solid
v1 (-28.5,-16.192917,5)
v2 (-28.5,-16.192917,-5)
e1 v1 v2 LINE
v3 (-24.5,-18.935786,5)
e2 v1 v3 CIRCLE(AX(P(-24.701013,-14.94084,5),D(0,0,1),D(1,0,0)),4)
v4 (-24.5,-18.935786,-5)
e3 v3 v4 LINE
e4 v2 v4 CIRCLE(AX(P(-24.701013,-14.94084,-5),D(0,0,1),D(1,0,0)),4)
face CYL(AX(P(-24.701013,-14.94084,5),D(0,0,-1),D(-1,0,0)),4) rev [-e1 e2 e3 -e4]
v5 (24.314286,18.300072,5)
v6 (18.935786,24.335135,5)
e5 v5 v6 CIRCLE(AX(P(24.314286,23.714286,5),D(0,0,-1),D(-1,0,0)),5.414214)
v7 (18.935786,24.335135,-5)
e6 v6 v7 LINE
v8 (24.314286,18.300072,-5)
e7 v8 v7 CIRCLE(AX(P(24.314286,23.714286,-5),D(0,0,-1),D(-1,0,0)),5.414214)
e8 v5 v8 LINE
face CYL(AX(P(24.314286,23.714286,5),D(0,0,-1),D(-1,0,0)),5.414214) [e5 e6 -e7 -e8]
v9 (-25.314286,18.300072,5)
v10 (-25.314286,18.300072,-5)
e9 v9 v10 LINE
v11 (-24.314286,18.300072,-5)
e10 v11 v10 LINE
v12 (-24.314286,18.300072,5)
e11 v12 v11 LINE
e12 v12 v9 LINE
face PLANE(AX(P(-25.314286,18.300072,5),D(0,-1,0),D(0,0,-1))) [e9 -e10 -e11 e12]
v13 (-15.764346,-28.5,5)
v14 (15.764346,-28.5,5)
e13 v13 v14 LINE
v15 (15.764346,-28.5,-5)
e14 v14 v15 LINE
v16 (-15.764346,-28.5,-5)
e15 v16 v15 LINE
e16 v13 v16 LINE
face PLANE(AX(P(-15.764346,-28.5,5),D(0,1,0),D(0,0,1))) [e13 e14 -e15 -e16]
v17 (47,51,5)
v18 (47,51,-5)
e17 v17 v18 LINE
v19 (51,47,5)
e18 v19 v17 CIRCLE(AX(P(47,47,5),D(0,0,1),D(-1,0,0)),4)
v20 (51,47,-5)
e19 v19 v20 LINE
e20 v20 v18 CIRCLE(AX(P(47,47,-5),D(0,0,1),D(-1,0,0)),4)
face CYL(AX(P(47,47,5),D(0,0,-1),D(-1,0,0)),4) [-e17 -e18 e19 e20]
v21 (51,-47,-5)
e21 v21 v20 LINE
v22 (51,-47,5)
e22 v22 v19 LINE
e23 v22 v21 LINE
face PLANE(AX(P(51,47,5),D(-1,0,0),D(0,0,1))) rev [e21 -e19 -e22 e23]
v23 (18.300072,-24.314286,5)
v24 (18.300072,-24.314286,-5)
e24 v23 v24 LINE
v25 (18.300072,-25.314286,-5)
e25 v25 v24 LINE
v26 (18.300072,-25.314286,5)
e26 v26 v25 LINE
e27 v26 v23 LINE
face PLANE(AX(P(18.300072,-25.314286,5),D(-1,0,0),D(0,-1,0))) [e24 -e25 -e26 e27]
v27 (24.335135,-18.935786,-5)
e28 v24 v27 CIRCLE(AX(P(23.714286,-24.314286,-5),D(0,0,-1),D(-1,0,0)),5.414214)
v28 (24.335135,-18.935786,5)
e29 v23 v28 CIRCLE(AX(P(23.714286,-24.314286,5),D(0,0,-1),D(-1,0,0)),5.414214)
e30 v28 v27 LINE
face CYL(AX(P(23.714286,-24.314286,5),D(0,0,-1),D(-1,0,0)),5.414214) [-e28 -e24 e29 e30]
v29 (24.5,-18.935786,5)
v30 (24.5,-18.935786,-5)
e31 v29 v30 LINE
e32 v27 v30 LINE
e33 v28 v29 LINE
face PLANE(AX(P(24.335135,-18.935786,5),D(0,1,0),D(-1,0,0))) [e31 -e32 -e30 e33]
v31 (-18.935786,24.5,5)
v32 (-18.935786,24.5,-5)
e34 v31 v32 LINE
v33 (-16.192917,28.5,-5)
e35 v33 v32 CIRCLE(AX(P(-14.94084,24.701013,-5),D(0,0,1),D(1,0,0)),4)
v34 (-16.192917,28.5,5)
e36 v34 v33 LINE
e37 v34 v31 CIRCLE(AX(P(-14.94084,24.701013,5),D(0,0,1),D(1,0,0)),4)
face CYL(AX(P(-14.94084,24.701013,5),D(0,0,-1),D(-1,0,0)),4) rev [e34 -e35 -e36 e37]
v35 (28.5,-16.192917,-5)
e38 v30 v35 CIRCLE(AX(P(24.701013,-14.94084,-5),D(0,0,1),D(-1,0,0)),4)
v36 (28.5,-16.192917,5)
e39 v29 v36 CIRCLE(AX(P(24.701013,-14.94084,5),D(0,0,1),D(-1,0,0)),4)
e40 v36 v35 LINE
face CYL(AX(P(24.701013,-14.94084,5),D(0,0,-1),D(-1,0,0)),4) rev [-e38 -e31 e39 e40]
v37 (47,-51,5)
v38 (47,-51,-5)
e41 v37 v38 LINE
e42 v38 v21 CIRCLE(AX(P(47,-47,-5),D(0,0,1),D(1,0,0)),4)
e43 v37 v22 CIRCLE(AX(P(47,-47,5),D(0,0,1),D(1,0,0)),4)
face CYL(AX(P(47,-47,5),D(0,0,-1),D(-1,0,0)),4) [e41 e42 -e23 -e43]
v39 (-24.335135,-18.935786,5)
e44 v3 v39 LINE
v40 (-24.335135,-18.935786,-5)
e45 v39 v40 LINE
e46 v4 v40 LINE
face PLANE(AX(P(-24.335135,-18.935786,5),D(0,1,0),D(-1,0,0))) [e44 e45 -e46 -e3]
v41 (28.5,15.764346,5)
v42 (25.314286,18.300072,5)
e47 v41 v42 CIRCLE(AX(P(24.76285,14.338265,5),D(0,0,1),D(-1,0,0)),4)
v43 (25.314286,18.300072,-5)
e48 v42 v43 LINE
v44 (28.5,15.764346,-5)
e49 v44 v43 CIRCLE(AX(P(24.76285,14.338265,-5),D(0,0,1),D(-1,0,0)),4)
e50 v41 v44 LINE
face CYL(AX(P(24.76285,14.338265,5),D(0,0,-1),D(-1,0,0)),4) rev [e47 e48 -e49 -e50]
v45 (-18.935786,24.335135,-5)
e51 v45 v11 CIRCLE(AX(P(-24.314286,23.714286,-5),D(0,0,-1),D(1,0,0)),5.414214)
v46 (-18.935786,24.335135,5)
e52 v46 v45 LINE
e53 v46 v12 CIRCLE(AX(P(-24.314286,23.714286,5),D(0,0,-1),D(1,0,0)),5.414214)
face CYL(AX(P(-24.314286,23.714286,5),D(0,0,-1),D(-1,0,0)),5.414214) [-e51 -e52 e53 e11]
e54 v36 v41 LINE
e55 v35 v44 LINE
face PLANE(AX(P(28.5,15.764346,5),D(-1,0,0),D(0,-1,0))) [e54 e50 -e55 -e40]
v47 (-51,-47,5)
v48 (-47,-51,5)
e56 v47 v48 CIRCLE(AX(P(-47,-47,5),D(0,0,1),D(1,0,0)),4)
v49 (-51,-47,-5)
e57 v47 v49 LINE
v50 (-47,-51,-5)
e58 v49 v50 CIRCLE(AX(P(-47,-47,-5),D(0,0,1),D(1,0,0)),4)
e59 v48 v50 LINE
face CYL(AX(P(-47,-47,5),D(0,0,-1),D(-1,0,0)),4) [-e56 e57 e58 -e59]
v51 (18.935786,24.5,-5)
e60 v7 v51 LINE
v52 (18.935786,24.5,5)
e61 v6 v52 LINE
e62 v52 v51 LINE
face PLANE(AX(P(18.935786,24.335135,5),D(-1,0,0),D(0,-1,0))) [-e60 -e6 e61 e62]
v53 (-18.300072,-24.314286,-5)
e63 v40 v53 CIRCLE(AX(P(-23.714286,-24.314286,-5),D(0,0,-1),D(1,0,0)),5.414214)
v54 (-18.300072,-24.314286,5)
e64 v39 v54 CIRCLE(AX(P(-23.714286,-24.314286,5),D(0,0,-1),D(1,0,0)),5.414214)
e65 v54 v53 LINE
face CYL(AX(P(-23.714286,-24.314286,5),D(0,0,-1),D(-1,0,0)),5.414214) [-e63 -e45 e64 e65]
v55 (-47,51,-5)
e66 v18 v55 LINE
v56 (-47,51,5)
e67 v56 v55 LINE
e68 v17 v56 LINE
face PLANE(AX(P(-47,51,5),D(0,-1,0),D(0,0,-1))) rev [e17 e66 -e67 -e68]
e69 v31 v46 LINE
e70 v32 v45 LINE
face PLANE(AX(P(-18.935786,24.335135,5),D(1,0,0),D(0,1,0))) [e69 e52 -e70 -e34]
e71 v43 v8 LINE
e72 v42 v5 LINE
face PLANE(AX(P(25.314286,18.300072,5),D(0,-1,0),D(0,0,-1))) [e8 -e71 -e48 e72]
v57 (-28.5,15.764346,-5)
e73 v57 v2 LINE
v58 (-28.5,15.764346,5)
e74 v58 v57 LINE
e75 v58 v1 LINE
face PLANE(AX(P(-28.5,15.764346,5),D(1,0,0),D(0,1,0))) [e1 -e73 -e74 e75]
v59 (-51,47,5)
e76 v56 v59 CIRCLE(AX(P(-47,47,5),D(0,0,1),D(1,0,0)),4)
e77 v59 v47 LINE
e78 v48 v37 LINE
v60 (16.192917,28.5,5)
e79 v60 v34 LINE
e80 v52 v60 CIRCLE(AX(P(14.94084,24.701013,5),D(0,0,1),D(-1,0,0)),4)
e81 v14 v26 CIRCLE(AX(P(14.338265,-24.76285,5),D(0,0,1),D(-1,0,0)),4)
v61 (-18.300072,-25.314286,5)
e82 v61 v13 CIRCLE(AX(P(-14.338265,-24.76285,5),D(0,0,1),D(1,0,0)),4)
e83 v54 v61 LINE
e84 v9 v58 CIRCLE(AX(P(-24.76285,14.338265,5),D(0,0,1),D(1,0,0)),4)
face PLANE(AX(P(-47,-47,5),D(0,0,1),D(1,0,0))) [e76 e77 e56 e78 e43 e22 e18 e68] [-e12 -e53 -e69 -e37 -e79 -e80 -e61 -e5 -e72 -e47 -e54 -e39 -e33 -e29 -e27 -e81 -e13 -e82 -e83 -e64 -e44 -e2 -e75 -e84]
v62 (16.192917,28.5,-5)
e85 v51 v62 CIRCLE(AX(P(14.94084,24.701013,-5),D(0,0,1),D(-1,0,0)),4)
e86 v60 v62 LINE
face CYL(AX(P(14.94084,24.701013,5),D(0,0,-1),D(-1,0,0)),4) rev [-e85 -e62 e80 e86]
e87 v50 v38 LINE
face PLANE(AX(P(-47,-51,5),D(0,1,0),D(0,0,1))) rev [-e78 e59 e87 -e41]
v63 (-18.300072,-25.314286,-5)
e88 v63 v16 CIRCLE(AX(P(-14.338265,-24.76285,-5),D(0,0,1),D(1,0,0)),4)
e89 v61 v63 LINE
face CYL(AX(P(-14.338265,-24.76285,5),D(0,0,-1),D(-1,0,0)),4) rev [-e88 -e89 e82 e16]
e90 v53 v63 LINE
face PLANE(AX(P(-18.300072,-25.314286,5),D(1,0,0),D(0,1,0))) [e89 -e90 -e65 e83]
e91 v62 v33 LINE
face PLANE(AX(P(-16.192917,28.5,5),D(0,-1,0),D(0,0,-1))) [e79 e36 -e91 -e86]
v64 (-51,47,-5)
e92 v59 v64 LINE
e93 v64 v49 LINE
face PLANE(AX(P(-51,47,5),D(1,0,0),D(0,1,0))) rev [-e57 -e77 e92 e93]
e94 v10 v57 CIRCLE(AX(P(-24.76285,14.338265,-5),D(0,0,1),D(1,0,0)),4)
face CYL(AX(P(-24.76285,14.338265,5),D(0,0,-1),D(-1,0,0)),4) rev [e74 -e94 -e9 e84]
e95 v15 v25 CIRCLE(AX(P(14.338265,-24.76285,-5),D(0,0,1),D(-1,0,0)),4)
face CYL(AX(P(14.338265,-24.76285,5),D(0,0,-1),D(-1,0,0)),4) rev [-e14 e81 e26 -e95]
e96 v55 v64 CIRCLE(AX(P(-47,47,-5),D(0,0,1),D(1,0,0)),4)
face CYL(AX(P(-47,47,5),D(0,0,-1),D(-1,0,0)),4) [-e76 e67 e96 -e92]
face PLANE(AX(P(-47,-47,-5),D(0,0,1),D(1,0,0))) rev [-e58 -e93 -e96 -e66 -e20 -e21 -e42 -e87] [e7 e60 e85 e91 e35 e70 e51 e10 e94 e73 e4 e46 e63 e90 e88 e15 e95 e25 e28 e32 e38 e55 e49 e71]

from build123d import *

# Parameters (mm, degrees)
BOSS_EXTRUDE1_DEPTH = 5


with BuildPart() as part:
    # Sketch1 → Boss-Extrude1 (new, symmetric)
    with BuildSketch(Plane.XY):
        with BuildLine():
            Line((-47, 51), (47, 51))
            ThreePointArc((47, 51), (49.828427125, 49.828427125), (51, 47))
            Line((51, 47), (51, -47))
            ThreePointArc((51, -47), (49.828427125, -49.828427125), (47, -51))
            Line((47, -51), (-47, -51))
            ThreePointArc((-47, -51), (-49.828427125, -49.828427125), (-51, -47))
            Line((-51, -47), (-51, 47))
            ThreePointArc((-51, 47), (-49.828427125, 49.828427125), (-47, 51))
        make_face()
        with BuildLine():
            Line((-18.935786438, 24.335135157), (-18.935786438, 24.5))
            ThreePointArc((-18.935786438, 24.5), (-18.239751149, 26.963133018), (-16.192917188, 28.5))
            Line((-16.192917188, 28.5), (16.192917188, 28.5))
            ThreePointArc((16.192917188, 28.5), (18.239751149, 26.963133018), (18.935786438, 24.5))
            Line((18.935786438, 24.5), (18.935786438, 24.335135157))
            ThreePointArc((18.935786438, 24.335135157), (20.272310951, 20.112043563), (24.314285714, 18.300072152))
            Line((24.314285714, 18.300072152), (25.314285714, 18.300072152))
            ThreePointArc((25.314285714, 18.300072152), (27.253927817, 17.467886008), (28.5, 15.76434576))
            Line((28.5, 15.76434576), (28.5, -16.192917188))
            ThreePointArc((28.5, -16.192917188), (26.963133018, -18.239751149), (24.5, -18.935786438))
            Line((24.5, -18.935786438), (24.335135157, -18.935786438))
            ThreePointArc((24.335135157, -18.935786438), (20.112043563, -20.272310951), (18.300072152, -24.314285714))
            Line((18.300072152, -24.314285714), (18.300072152, -25.314285714))
            ThreePointArc((18.300072152, -25.314285714), (17.467886008, -27.253927817), (15.76434576, -28.5))
            Line((15.76434576, -28.5), (-15.76434576, -28.5))
            ThreePointArc((-15.76434576, -28.5), (-17.467886008, -27.253927817), (-18.300072152, -25.314285714))
            Line((-18.300072152, -25.314285714), (-18.300072152, -24.314285714))
            ThreePointArc((-18.300072152, -24.314285714), (-20.112043563, -20.272310951), (-24.335135157, -18.935786438))
            Line((-24.335135157, -18.935786438), (-24.5, -18.935786438))
            ThreePointArc((-24.5, -18.935786438), (-26.963133018, -18.239751149), (-28.5, -16.192917188))
            Line((-28.5, -16.192917188), (-28.5, 15.76434576))
            ThreePointArc((-28.5, 15.76434576), (-27.253927817, 17.467886008), (-25.314285714, 18.300072152))
            Line((-25.314285714, 18.300072152), (-24.314285714, 18.300072152))
            ThreePointArc((-24.314285714, 18.300072152), (-20.272310951, 20.112043563), (-18.935786438, 24.335135157))
        make_face(mode=Mode.SUBTRACT)
    extrude(amount=BOSS_EXTRUDE1_DEPTH, both=True)


solid = part.part
